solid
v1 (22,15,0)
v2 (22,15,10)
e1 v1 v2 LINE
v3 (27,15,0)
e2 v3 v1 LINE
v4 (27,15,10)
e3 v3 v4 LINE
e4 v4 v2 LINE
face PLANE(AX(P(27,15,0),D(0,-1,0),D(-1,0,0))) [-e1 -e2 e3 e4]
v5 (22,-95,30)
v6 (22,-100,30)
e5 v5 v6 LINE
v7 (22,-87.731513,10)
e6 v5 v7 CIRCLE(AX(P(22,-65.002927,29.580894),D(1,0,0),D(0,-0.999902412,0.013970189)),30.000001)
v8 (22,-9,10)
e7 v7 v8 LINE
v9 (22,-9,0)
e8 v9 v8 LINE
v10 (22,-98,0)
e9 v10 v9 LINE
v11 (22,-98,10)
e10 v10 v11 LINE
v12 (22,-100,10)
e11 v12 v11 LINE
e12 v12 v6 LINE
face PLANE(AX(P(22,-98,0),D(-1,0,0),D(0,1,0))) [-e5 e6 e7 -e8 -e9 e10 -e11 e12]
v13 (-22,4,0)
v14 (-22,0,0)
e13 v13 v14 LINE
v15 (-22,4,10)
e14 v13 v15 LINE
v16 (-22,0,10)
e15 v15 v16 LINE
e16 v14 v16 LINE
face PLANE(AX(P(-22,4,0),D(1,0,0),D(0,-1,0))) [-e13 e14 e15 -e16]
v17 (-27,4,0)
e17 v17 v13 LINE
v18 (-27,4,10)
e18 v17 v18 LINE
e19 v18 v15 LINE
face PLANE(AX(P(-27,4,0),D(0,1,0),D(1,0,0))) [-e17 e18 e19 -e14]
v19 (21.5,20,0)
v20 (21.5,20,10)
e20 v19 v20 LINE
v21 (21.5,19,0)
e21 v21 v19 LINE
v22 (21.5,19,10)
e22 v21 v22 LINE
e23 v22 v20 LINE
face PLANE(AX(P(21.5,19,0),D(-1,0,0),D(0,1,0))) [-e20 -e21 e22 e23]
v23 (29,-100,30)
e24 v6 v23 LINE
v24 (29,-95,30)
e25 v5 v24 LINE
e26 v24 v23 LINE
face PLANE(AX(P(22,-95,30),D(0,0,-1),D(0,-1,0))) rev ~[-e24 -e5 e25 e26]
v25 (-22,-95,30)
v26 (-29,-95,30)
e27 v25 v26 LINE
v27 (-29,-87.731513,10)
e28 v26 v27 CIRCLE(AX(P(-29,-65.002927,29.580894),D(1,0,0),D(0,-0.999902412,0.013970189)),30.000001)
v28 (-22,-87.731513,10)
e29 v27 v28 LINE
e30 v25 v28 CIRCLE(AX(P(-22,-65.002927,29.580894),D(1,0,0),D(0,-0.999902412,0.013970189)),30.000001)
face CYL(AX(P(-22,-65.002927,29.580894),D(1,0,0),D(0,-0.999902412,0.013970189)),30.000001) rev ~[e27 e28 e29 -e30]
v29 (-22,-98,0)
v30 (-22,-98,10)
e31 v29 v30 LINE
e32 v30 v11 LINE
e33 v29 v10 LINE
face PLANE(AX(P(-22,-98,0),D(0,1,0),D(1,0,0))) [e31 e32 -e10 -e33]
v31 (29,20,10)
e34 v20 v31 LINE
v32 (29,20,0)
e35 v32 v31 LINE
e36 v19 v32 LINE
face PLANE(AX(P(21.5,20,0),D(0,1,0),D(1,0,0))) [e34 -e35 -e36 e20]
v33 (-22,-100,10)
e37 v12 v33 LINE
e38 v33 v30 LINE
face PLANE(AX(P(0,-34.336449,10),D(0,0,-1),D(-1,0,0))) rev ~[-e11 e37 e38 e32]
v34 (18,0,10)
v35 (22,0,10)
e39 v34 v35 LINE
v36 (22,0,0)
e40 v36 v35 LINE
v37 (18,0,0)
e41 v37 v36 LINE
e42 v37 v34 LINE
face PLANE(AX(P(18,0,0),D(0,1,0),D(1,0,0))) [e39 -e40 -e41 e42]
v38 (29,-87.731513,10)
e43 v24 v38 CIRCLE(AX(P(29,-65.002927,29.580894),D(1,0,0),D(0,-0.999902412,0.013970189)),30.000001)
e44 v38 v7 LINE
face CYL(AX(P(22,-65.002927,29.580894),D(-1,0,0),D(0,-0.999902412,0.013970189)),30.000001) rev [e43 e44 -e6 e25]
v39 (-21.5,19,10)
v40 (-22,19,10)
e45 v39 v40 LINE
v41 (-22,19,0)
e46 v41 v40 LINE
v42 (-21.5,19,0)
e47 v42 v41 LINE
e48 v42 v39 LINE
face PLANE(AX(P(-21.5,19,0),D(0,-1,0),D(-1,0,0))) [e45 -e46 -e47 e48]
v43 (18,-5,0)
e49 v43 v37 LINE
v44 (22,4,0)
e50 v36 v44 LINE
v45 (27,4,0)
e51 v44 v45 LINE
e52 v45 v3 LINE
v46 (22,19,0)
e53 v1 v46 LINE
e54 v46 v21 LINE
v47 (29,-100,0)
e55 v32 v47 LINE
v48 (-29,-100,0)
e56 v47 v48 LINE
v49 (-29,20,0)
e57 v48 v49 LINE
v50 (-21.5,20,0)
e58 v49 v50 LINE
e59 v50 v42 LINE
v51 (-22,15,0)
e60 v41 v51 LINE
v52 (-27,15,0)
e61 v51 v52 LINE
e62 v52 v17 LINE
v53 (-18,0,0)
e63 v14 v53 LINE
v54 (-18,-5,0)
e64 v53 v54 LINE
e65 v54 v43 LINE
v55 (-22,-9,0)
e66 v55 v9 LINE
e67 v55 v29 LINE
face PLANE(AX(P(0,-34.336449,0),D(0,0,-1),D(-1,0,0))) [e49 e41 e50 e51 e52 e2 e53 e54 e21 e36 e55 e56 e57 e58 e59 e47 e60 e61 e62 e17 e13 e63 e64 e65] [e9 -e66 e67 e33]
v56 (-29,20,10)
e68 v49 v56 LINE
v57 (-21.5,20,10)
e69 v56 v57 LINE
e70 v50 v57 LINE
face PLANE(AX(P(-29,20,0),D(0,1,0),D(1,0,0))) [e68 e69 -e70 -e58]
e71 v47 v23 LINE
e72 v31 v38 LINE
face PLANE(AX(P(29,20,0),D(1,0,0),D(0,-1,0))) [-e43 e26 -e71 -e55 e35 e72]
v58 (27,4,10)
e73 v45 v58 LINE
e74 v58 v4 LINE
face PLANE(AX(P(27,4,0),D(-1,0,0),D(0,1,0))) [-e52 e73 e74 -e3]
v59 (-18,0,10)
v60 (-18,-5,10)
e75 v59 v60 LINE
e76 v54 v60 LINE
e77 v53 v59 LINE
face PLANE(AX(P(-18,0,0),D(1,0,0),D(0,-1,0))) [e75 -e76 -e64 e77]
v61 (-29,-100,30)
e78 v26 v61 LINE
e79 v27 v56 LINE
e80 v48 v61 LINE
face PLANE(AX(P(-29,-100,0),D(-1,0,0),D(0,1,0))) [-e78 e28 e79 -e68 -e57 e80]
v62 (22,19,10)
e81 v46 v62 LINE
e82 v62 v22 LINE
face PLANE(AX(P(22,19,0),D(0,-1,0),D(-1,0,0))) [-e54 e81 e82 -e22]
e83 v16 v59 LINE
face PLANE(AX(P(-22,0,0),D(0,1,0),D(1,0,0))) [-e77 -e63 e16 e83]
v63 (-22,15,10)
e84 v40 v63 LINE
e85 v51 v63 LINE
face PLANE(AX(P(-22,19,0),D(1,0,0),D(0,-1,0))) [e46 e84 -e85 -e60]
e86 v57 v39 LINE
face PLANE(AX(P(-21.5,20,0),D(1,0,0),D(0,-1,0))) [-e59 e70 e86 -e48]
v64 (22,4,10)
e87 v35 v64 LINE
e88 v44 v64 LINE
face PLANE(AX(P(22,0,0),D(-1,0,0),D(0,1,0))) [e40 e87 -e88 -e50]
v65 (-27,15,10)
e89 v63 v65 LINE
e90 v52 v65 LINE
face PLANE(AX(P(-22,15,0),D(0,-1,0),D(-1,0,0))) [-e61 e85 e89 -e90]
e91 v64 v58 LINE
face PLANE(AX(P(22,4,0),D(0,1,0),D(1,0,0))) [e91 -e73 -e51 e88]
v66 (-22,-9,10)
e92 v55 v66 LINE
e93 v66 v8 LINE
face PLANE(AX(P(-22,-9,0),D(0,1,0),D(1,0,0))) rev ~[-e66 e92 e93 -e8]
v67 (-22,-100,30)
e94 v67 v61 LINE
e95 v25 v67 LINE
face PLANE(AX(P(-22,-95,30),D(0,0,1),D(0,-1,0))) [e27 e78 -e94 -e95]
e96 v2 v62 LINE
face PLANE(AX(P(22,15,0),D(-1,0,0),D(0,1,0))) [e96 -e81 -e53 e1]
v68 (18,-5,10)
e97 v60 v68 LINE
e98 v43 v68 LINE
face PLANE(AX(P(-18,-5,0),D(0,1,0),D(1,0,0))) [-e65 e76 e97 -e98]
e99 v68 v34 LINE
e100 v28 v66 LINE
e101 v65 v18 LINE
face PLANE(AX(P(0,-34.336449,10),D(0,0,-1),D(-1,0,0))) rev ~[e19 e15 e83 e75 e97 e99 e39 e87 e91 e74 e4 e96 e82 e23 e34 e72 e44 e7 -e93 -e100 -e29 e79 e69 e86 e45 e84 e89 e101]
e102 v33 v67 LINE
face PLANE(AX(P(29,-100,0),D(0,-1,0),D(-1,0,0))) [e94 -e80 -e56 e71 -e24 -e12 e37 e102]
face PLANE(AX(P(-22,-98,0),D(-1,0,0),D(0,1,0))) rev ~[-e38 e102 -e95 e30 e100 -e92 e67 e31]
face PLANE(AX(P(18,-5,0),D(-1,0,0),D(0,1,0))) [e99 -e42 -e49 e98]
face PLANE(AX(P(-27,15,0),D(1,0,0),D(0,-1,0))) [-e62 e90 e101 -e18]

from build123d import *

# Parameters (mm, degrees)
SKETCH_W     = 44
SKETCH_H     = 89
PAD_DEPTH    = 10
PAD001_DEPTH = 7
PAD002_DEPTH = 7


with BuildPart() as part:
    # Sketch → Pad (new body)
    with BuildSketch(Plane.XY):
        Polygon((-22, 0), (-18, 0), (-18, -5), (18, -5), (18, 0), (22, 0), (22, 4), (27, 4), (27, 15), (22, 15), (22, 19), (21.5, 19), (21.5, 20), (29, 20), (29, -100), (-29, -100), (-29, 20), (-21.5, 20), (-21.5, 19), (-22, 19), (-22, 15), (-27, 15), (-27, 4), (-22, 4), align=None)
        with Locations((0, -53.5)):
            Rectangle(SKETCH_W, SKETCH_H, mode=Mode.SUBTRACT)
    extrude(amount=PAD_DEPTH)

    # Sketch001 (on DatumPlane) → Pad001 (join)
    with BuildSketch(Plane.YZ.offset(-22)):
        with BuildLine():
            Line((-100, 0), (-100, 30))
            Line((-95, 30), (-100, 30))
            ThreePointArc((-95, 30), (-88.049566, 10.375362), (-70, 0))
            Line((-100, 0), (-70, 0))
        make_face()
    extrude(amount=-PAD001_DEPTH)

    # Sketch002 (on DatumPlane) → Pad002 (join)
    with BuildSketch(Plane.YZ.offset(22)):
        with BuildLine():
            Line((-100, 0), (-100, 30))
            Line((-95, 30), (-100, 30))
            ThreePointArc((-95, 30), (-88.049566, 10.375362), (-70, 0))
            Line((-100, 0), (-70, 0))
        make_face()
    extrude(amount=PAD002_DEPTH)


solid = part.part
